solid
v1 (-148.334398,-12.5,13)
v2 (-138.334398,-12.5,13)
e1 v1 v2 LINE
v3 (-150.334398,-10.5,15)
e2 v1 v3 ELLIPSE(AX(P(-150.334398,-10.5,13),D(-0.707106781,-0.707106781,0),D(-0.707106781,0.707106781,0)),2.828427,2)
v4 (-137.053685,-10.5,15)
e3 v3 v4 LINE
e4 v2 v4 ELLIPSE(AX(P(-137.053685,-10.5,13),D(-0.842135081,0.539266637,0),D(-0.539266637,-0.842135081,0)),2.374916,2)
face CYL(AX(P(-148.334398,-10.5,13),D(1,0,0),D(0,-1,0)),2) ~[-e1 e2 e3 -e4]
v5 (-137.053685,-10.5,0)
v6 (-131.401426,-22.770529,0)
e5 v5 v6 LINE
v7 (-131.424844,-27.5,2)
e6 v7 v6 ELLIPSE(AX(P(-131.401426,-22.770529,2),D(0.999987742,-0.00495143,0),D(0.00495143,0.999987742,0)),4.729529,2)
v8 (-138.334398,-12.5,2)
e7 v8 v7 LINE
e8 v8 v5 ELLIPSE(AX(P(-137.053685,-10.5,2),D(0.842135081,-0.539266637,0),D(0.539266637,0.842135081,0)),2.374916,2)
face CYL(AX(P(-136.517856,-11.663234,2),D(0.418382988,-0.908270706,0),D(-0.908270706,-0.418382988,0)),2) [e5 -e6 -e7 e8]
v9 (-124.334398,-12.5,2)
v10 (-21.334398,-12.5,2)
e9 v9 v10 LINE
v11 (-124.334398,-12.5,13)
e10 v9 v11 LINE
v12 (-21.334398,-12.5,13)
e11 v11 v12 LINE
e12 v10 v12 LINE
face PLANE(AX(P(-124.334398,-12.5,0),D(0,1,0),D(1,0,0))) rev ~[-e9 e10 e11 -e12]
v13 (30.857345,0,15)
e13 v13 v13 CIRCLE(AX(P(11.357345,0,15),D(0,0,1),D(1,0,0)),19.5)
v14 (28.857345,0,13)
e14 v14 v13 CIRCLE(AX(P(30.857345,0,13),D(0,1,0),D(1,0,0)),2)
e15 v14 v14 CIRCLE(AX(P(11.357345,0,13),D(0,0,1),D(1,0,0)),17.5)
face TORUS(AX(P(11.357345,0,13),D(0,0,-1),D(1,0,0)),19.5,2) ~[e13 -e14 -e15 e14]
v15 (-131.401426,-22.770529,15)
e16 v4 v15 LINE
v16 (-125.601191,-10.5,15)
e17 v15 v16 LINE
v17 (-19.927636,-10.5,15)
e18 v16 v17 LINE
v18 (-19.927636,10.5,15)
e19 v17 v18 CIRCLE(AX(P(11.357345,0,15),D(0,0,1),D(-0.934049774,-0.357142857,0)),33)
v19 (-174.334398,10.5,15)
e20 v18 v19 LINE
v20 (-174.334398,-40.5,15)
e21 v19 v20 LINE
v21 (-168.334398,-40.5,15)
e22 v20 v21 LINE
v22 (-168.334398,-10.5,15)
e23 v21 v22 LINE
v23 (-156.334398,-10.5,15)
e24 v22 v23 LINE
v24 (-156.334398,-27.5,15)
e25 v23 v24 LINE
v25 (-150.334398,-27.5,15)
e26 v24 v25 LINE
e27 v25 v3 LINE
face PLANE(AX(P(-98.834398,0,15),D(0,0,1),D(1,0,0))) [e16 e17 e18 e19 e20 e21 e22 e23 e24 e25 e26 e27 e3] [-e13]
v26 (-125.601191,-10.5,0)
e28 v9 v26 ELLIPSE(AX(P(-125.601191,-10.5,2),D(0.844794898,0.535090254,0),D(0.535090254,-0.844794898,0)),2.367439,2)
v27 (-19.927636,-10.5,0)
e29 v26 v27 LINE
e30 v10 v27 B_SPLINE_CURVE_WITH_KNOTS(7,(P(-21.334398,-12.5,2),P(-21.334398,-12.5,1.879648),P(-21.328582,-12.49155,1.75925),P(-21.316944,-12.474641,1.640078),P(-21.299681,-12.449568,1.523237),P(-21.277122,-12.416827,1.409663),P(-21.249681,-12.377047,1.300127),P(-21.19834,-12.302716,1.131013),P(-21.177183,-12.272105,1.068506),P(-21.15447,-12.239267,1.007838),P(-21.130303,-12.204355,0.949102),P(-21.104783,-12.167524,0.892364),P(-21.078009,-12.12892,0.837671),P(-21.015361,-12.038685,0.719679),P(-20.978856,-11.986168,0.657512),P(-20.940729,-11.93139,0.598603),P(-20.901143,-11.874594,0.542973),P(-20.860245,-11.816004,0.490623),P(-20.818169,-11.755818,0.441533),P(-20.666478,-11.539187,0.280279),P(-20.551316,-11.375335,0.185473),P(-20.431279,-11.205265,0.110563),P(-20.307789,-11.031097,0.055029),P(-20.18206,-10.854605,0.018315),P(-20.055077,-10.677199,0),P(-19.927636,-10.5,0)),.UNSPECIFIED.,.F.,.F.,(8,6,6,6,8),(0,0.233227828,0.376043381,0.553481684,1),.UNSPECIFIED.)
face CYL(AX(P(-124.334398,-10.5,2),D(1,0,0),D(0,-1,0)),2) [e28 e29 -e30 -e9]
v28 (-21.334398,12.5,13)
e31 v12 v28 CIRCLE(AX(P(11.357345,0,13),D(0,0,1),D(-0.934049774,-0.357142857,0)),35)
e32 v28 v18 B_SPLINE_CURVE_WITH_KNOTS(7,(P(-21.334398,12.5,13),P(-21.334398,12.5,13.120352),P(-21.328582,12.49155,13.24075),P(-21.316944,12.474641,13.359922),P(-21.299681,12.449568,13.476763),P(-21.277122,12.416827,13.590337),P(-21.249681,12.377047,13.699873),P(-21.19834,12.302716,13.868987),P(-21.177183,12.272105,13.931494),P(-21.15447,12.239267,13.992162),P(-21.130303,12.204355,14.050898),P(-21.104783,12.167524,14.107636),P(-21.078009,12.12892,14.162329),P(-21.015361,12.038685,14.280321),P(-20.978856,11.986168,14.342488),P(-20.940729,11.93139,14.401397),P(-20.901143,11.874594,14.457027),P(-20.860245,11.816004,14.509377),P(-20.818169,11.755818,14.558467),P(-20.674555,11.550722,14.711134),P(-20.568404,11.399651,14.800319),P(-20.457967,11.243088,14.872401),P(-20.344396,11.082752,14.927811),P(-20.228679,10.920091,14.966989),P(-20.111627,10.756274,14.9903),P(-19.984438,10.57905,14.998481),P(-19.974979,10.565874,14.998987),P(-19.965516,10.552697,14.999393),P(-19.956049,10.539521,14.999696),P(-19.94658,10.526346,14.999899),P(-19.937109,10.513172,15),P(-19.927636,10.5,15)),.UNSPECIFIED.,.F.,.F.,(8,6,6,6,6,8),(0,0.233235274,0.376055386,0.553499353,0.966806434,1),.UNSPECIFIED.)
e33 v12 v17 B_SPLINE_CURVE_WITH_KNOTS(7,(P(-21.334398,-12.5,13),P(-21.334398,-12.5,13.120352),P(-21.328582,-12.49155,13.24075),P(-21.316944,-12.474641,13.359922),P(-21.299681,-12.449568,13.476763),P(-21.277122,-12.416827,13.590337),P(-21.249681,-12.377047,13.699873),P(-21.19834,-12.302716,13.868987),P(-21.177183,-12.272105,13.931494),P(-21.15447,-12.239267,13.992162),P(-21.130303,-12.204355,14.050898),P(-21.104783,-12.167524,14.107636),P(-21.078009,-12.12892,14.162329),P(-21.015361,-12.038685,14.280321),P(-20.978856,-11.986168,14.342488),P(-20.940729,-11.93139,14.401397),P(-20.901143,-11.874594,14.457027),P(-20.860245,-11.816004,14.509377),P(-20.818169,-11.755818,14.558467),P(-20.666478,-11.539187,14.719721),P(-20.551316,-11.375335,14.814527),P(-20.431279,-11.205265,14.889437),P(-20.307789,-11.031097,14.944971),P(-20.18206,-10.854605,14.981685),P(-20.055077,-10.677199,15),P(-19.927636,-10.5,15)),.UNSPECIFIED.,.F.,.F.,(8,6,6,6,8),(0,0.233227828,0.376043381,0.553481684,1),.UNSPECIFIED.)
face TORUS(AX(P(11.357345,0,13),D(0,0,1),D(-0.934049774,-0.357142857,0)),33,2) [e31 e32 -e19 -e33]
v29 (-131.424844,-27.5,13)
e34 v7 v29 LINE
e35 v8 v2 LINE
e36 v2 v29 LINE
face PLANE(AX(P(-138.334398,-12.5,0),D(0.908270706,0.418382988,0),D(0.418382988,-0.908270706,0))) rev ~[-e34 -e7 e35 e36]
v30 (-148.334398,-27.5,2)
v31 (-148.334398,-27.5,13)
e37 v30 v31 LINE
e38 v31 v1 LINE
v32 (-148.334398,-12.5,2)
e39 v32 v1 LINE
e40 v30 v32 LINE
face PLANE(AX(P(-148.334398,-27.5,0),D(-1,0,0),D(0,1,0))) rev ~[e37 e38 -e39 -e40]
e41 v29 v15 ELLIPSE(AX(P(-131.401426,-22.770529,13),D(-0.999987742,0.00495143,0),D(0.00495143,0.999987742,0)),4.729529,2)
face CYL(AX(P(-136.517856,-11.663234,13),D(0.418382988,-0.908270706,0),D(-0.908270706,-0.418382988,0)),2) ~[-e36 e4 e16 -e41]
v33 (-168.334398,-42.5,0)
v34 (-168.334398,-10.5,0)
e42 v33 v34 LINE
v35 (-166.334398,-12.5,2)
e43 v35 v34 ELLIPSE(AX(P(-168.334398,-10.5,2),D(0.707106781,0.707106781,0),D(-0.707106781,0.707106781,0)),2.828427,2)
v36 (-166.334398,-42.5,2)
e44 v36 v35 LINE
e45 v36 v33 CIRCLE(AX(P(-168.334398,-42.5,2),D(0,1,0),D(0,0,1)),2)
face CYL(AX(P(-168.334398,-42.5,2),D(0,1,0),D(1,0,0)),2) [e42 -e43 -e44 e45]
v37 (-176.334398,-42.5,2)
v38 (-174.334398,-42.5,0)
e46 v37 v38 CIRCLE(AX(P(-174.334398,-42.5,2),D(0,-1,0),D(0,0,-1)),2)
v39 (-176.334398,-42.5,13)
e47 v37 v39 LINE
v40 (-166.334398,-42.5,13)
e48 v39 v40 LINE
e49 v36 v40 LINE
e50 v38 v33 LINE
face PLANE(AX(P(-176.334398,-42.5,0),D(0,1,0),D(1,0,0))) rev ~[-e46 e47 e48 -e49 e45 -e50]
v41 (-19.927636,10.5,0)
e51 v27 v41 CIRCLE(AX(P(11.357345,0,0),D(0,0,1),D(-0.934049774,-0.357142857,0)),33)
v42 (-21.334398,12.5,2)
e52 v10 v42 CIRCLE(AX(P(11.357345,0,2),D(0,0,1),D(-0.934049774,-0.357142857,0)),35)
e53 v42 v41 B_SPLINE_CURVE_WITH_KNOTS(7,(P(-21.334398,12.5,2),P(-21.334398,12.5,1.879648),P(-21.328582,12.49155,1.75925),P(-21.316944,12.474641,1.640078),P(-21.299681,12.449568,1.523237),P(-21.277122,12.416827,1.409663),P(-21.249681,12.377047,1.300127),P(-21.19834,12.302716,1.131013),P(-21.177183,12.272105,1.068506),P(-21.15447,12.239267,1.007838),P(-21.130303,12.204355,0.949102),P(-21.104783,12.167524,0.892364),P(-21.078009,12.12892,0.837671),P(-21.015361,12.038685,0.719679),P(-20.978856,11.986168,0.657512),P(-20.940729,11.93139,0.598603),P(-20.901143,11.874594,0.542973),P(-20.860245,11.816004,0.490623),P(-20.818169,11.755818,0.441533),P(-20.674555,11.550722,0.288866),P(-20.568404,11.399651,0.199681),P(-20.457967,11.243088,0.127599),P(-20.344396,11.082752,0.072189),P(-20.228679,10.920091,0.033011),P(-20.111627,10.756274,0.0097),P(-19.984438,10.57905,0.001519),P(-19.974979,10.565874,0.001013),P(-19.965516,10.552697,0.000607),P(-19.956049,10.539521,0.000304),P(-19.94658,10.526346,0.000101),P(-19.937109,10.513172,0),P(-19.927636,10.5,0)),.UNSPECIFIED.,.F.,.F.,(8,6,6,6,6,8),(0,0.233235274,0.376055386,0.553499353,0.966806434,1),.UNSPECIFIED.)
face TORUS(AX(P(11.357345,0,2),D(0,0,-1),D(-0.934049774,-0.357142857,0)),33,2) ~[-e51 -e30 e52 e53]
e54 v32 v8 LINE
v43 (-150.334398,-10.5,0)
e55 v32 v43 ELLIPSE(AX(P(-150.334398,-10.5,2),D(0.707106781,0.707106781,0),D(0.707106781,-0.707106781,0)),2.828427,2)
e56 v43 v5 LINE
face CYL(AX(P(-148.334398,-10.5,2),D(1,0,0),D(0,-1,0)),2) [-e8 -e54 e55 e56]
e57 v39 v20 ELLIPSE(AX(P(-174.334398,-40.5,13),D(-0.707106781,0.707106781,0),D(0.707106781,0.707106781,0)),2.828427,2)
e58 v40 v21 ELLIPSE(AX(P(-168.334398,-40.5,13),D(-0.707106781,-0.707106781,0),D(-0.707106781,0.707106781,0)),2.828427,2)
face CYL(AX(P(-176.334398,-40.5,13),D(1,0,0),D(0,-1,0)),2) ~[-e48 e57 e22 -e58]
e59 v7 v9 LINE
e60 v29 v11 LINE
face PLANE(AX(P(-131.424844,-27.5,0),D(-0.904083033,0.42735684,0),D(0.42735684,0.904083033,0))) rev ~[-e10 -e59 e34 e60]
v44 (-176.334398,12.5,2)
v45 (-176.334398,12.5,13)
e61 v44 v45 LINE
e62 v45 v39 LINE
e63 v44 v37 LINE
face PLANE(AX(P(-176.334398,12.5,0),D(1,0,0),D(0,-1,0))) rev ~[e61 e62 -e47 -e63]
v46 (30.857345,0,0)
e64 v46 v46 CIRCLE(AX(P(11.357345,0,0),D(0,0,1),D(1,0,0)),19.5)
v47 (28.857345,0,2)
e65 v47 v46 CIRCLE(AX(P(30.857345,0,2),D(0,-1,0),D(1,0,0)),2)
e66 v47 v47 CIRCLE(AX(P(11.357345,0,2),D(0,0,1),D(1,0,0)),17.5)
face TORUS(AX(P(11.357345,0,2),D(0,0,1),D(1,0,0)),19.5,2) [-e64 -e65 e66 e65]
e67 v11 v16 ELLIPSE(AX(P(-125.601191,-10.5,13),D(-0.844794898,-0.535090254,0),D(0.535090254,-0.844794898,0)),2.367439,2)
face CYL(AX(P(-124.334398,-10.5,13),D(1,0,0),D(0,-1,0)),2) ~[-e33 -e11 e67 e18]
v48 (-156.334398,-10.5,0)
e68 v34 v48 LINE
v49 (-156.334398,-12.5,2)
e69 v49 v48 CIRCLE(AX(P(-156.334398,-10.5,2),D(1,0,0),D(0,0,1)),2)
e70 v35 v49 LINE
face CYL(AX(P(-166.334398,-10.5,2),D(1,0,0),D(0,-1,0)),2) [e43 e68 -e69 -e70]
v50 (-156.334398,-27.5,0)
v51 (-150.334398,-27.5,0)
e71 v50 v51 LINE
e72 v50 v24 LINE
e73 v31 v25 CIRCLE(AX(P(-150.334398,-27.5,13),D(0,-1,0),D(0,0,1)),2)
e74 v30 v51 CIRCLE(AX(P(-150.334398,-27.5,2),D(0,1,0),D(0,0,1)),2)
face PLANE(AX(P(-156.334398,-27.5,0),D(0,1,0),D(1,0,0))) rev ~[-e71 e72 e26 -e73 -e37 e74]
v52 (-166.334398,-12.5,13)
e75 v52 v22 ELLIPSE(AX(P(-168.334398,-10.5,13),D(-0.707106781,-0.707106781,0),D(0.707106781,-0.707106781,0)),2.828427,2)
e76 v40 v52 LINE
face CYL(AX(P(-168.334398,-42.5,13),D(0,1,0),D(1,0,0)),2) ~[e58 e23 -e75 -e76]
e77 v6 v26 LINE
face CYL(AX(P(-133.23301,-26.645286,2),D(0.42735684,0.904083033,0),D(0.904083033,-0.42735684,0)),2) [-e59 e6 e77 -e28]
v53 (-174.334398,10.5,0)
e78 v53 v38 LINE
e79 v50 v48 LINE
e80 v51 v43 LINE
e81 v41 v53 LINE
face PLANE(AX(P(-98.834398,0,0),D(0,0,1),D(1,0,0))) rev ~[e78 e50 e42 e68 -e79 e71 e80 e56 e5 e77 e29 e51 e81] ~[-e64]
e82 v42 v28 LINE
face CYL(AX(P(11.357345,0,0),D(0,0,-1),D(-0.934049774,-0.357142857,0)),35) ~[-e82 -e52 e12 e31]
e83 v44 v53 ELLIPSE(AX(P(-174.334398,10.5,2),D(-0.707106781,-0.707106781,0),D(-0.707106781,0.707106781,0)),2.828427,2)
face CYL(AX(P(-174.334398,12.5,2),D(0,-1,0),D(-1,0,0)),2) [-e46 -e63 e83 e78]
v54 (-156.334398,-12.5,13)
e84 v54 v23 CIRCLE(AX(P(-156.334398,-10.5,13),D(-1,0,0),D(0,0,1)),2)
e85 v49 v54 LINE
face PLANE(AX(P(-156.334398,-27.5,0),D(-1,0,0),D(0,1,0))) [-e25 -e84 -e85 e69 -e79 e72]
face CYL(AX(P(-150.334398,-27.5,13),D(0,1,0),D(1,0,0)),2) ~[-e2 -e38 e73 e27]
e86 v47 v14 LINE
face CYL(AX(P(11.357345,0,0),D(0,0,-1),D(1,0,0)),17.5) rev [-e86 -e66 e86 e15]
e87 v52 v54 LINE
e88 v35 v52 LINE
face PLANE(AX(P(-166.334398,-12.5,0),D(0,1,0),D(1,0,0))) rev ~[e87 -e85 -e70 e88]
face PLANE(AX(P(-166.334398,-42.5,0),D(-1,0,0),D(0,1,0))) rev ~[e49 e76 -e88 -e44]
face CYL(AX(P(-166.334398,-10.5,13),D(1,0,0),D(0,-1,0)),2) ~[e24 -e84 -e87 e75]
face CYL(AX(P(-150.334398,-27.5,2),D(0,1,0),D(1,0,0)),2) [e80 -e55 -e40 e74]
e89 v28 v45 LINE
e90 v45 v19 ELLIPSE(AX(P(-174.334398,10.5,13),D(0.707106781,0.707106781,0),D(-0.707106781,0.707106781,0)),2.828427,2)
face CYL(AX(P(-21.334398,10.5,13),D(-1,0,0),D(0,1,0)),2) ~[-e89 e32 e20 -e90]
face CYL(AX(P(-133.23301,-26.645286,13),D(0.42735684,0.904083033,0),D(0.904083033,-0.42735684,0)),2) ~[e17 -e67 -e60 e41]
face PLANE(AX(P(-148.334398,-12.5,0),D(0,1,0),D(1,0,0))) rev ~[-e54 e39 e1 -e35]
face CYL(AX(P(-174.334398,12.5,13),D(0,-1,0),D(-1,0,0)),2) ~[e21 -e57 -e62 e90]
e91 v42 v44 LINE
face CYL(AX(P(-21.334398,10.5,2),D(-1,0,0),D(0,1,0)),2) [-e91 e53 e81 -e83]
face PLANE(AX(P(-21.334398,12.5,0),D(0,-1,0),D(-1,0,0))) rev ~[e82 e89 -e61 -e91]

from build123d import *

# Parameters (mm, degrees)
F0_W     = 8
F0_H     = 15
F0_W_2   = 10
F0_H_2   = 30
F0_R     = 17.5
F1_DEPTH = 15
F2_R     = 2


with BuildPart() as f1:
    # F0 (on Top) → F1 (new body)
    with BuildSketch(Plane.XY):
        Polygon((-21.3343975244, -12.5), (-21.3343975244, 12.5), (-176.3343975244, 12.5), (-176.3343975244, -12.5), (-166.3343975244, -12.5), (-156.3343975244, -12.5), (-148.3343975244, -12.5), (-138.3343975244, -12.5), (-124.3343975244, -12.5), align=None)
        with Locations((-152.3343975244, -20)):
            Rectangle(F0_W, F0_H)
        with Locations((-171.3343975244, -27.5)):
            Rectangle(F0_W_2, F0_H_2)
        Polygon((-131.424844265, -27.5), (-124.3343975244, -12.5), (-138.3343975244, -12.5), align=None)
        with BuildLine():
            ThreePointArc((-21.3343975244, -12.5), (46.3573445521, 0), (-21.3343975244, 12.5))
            Line((-21.3343975244, 12.5), (-21.3343975244, -12.5))
        make_face()
        with Locations((11.3573445521, 0)):
            Circle(F0_R, mode=Mode.SUBTRACT)
    extrude(amount=F1_DEPTH)

    # F2
    f2_edges = [f1.edges().sort_by_distance(p)[0] for p in [
        (-98.834398, 12.5, 15),
        (-72.834398, -12.5, 15),
        (-127.879621, -20, 15),
        (-134.879621, -20, 15),
        (-148.334398, -20, 15),
        (-143.334398, -12.5, 15),
        (-161.334398, -12.5, 15),
        (-166.334398, -27.5, 15),
        (-171.334398, -42.5, 15),
        (-176.334398, -15, 15),
        (46.357345, 0, 15),
        (-6.142655, 0, 15),
        (-98.834398, 12.5, 0),
        (-72.834398, -12.5, 0),
        (-127.879621, -20, 0),
        (-143.334398, -12.5, 0),
        (-134.879621, -20, 0),
        (-148.334398, -20, 0),
        (46.357345, 0, 0),
        (-6.142655, 0, 0),
        (-176.334398, -15, 0),
        (-166.334398, -27.5, 0),
        (-161.334398, -12.5, 0),
    ]]
    fillet(f2_edges, radius=F2_R)


solid = f1.part
